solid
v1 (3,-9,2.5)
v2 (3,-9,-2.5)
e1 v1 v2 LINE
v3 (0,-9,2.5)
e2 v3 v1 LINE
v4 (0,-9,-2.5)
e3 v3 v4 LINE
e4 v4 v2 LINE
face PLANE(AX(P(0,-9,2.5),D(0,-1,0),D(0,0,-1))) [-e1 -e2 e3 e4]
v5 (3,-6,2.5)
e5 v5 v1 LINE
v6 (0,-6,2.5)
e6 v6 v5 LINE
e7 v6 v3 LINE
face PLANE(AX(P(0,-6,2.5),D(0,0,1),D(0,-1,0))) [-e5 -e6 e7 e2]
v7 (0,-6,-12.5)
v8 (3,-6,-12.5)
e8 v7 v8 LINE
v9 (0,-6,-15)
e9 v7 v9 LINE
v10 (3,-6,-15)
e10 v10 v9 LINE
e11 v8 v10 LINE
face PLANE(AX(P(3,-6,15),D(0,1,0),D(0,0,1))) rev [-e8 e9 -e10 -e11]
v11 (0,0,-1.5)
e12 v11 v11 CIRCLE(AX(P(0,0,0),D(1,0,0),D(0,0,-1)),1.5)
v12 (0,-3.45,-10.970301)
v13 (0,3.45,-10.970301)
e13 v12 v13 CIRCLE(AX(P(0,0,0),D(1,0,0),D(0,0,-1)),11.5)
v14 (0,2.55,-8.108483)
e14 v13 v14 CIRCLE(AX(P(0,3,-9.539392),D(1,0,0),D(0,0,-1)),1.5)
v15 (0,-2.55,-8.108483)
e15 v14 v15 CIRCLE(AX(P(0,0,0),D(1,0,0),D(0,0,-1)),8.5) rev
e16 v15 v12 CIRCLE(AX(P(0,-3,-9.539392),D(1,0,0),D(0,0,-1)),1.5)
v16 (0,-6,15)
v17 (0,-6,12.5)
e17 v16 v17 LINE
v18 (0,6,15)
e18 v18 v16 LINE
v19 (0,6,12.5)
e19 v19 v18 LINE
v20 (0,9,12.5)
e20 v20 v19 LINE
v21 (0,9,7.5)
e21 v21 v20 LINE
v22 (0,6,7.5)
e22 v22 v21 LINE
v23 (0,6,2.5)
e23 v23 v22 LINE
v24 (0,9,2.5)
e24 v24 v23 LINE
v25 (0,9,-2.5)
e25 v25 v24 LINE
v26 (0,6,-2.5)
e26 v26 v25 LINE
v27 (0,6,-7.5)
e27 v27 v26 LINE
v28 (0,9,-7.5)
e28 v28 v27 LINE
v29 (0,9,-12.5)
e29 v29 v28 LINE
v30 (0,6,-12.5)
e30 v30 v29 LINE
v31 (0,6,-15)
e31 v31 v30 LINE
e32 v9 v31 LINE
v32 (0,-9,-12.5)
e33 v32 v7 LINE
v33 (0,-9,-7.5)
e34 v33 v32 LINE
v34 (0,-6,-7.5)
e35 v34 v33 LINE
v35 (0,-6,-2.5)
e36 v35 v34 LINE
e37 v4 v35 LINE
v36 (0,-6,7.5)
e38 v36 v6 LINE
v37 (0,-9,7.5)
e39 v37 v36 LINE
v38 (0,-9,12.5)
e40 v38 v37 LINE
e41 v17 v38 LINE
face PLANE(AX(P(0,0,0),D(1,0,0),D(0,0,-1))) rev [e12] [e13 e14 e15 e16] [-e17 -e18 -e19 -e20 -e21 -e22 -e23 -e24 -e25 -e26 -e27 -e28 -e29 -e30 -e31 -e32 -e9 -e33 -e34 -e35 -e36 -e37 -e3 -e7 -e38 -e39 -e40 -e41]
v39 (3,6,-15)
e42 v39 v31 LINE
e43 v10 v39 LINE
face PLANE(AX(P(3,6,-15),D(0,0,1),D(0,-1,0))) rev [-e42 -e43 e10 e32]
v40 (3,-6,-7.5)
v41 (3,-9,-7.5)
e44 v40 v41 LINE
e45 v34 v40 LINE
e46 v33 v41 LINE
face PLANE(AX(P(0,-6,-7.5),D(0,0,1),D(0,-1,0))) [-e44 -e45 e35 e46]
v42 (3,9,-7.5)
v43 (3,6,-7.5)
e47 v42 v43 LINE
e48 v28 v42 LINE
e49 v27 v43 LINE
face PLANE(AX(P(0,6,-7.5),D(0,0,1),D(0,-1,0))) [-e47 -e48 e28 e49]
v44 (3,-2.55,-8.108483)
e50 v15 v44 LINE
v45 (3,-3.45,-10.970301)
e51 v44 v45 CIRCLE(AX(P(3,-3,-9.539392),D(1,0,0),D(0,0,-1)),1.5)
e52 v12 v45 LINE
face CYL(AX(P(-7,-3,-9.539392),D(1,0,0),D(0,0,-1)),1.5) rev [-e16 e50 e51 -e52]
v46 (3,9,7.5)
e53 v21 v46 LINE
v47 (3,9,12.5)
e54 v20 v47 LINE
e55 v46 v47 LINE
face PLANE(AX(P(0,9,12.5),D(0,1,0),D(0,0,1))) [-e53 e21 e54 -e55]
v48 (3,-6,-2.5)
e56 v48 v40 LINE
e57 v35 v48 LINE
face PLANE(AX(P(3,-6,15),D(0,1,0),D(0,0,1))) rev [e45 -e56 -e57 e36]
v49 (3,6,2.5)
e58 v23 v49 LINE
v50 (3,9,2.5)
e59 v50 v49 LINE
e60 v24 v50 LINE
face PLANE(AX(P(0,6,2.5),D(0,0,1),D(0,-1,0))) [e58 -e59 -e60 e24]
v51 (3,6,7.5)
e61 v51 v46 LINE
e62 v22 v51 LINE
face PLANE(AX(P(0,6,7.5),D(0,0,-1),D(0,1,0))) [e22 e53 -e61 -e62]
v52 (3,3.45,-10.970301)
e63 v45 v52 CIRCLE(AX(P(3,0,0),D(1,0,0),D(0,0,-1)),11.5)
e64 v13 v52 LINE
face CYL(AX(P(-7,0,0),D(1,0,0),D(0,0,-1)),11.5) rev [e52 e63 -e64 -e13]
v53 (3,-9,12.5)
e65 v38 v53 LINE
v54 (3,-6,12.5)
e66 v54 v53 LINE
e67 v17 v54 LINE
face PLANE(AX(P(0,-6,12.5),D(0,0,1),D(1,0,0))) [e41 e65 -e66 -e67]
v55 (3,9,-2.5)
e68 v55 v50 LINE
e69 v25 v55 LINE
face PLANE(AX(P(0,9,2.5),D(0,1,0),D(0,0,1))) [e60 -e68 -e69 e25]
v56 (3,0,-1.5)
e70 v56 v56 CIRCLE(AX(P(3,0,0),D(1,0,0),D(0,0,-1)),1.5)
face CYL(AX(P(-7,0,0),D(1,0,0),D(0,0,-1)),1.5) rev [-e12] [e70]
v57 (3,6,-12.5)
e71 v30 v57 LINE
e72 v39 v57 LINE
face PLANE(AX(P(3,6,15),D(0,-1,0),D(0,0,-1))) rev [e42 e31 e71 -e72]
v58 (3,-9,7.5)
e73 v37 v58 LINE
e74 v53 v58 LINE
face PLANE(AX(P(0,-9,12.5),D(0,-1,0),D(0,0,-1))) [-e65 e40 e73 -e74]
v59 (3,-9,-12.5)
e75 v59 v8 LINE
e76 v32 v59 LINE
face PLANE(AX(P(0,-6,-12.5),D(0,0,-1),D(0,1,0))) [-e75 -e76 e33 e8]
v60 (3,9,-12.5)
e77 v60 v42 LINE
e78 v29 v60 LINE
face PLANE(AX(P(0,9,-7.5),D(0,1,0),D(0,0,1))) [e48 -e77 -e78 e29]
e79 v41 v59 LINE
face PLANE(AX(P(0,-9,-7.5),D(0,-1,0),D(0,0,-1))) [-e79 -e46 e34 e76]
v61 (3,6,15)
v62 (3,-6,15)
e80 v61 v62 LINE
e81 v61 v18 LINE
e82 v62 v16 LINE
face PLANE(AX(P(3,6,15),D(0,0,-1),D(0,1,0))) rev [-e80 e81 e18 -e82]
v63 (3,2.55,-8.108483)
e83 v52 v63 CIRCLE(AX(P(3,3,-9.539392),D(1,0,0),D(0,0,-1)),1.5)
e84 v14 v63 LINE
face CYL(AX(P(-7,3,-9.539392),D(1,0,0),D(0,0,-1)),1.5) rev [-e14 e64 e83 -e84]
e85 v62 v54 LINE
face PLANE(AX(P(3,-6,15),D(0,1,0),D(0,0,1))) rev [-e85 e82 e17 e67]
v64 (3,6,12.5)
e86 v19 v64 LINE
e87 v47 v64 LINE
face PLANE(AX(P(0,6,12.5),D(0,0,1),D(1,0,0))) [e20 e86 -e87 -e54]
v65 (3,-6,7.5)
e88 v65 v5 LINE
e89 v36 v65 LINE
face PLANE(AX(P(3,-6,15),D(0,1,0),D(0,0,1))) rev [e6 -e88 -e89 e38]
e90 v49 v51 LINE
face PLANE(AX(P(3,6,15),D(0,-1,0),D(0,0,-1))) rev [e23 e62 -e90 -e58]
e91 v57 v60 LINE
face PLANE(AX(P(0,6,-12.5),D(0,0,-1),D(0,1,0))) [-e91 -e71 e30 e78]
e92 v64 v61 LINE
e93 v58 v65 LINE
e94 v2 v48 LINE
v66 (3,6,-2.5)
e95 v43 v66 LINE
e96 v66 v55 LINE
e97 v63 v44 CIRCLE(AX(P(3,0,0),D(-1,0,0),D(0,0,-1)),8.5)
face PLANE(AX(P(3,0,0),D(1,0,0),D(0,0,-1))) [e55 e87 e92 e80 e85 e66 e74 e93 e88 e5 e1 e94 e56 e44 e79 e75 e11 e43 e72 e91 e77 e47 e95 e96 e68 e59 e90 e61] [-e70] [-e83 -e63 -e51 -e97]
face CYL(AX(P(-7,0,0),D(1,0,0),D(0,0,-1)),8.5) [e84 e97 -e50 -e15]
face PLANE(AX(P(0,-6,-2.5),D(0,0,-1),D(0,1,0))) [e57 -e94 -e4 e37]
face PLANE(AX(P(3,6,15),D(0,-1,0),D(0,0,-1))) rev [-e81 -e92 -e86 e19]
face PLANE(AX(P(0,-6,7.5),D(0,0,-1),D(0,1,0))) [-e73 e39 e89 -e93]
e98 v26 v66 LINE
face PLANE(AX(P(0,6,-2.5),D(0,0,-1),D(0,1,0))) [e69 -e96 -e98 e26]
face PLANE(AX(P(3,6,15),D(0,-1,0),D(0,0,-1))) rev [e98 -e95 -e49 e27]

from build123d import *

# Parameters (mm, degrees)
SKETCH1_W           = 30
SKETCH1_H           = 12
BOSS_EXTRUDE1_DEPTH = 3
SKETCH3_W           = 5
SKETCH3_H           = 3
BOSS_EXTRUDE2_DEPTH = 3
SKETCH4_R           = 1.5
CUT_EXTRUDE1_DEPTH  = 10


with BuildPart() as part:
    # Sketch1 → Boss-Extrude1 (new body)
    with BuildSketch(Plane(origin=(0, 0, 0), x_dir=(0, 0, -1), z_dir=(1, 0, 0))):
        Rectangle(SKETCH1_W, SKETCH1_H)
    extrude(amount=BOSS_EXTRUDE1_DEPTH)

    # Sketch3 → Boss-Extrude2 (add)
    with BuildSketch(Plane(origin=(3, 0, 0), x_dir=(0, 0, -1), z_dir=(1, 0, 0))):
        with Locations((-10, 7.5)):
            Rectangle(SKETCH3_W, SKETCH3_H)
        with Locations((0, 7.5)):
            Rectangle(SKETCH3_W, SKETCH3_H)
        with Locations((10, 7.5)):
            Rectangle(SKETCH3_W, SKETCH3_H)
        with Locations((10, -7.5)):
            Rectangle(SKETCH3_W, SKETCH3_H)
        with Locations((0, -7.5)):
            Rectangle(SKETCH3_W, SKETCH3_H)
        with Locations((-10, -7.5)):
            Rectangle(SKETCH3_W, SKETCH3_H)
    extrude(amount=-BOSS_EXTRUDE2_DEPTH)

    # Sketch4 → Cut-Extrude1 (cut)
    with BuildSketch(Plane(origin=(3, 0, 0), x_dir=(0, 0, -1), z_dir=(1, 0, 0))):
        Circle(SKETCH4_R)
        with BuildLine():
            ThreePointArc((10.970300816, -3.45), (11.5, 0), (10.970300816, 3.45))
            ThreePointArc((10.970300816, 3.45), (9.089392014, 4.430908802), (8.108483212, 2.55))
            ThreePointArc((8.108483212, 2.55), (8.5, 0), (8.108483212, -2.55))
            ThreePointArc((8.108483212, -2.55), (9.089392014, -4.430908802), (10.970300816, -3.45))
        make_face()
    extrude(amount=-CUT_EXTRUDE1_DEPTH, mode=Mode.SUBTRACT)


solid = part.part
